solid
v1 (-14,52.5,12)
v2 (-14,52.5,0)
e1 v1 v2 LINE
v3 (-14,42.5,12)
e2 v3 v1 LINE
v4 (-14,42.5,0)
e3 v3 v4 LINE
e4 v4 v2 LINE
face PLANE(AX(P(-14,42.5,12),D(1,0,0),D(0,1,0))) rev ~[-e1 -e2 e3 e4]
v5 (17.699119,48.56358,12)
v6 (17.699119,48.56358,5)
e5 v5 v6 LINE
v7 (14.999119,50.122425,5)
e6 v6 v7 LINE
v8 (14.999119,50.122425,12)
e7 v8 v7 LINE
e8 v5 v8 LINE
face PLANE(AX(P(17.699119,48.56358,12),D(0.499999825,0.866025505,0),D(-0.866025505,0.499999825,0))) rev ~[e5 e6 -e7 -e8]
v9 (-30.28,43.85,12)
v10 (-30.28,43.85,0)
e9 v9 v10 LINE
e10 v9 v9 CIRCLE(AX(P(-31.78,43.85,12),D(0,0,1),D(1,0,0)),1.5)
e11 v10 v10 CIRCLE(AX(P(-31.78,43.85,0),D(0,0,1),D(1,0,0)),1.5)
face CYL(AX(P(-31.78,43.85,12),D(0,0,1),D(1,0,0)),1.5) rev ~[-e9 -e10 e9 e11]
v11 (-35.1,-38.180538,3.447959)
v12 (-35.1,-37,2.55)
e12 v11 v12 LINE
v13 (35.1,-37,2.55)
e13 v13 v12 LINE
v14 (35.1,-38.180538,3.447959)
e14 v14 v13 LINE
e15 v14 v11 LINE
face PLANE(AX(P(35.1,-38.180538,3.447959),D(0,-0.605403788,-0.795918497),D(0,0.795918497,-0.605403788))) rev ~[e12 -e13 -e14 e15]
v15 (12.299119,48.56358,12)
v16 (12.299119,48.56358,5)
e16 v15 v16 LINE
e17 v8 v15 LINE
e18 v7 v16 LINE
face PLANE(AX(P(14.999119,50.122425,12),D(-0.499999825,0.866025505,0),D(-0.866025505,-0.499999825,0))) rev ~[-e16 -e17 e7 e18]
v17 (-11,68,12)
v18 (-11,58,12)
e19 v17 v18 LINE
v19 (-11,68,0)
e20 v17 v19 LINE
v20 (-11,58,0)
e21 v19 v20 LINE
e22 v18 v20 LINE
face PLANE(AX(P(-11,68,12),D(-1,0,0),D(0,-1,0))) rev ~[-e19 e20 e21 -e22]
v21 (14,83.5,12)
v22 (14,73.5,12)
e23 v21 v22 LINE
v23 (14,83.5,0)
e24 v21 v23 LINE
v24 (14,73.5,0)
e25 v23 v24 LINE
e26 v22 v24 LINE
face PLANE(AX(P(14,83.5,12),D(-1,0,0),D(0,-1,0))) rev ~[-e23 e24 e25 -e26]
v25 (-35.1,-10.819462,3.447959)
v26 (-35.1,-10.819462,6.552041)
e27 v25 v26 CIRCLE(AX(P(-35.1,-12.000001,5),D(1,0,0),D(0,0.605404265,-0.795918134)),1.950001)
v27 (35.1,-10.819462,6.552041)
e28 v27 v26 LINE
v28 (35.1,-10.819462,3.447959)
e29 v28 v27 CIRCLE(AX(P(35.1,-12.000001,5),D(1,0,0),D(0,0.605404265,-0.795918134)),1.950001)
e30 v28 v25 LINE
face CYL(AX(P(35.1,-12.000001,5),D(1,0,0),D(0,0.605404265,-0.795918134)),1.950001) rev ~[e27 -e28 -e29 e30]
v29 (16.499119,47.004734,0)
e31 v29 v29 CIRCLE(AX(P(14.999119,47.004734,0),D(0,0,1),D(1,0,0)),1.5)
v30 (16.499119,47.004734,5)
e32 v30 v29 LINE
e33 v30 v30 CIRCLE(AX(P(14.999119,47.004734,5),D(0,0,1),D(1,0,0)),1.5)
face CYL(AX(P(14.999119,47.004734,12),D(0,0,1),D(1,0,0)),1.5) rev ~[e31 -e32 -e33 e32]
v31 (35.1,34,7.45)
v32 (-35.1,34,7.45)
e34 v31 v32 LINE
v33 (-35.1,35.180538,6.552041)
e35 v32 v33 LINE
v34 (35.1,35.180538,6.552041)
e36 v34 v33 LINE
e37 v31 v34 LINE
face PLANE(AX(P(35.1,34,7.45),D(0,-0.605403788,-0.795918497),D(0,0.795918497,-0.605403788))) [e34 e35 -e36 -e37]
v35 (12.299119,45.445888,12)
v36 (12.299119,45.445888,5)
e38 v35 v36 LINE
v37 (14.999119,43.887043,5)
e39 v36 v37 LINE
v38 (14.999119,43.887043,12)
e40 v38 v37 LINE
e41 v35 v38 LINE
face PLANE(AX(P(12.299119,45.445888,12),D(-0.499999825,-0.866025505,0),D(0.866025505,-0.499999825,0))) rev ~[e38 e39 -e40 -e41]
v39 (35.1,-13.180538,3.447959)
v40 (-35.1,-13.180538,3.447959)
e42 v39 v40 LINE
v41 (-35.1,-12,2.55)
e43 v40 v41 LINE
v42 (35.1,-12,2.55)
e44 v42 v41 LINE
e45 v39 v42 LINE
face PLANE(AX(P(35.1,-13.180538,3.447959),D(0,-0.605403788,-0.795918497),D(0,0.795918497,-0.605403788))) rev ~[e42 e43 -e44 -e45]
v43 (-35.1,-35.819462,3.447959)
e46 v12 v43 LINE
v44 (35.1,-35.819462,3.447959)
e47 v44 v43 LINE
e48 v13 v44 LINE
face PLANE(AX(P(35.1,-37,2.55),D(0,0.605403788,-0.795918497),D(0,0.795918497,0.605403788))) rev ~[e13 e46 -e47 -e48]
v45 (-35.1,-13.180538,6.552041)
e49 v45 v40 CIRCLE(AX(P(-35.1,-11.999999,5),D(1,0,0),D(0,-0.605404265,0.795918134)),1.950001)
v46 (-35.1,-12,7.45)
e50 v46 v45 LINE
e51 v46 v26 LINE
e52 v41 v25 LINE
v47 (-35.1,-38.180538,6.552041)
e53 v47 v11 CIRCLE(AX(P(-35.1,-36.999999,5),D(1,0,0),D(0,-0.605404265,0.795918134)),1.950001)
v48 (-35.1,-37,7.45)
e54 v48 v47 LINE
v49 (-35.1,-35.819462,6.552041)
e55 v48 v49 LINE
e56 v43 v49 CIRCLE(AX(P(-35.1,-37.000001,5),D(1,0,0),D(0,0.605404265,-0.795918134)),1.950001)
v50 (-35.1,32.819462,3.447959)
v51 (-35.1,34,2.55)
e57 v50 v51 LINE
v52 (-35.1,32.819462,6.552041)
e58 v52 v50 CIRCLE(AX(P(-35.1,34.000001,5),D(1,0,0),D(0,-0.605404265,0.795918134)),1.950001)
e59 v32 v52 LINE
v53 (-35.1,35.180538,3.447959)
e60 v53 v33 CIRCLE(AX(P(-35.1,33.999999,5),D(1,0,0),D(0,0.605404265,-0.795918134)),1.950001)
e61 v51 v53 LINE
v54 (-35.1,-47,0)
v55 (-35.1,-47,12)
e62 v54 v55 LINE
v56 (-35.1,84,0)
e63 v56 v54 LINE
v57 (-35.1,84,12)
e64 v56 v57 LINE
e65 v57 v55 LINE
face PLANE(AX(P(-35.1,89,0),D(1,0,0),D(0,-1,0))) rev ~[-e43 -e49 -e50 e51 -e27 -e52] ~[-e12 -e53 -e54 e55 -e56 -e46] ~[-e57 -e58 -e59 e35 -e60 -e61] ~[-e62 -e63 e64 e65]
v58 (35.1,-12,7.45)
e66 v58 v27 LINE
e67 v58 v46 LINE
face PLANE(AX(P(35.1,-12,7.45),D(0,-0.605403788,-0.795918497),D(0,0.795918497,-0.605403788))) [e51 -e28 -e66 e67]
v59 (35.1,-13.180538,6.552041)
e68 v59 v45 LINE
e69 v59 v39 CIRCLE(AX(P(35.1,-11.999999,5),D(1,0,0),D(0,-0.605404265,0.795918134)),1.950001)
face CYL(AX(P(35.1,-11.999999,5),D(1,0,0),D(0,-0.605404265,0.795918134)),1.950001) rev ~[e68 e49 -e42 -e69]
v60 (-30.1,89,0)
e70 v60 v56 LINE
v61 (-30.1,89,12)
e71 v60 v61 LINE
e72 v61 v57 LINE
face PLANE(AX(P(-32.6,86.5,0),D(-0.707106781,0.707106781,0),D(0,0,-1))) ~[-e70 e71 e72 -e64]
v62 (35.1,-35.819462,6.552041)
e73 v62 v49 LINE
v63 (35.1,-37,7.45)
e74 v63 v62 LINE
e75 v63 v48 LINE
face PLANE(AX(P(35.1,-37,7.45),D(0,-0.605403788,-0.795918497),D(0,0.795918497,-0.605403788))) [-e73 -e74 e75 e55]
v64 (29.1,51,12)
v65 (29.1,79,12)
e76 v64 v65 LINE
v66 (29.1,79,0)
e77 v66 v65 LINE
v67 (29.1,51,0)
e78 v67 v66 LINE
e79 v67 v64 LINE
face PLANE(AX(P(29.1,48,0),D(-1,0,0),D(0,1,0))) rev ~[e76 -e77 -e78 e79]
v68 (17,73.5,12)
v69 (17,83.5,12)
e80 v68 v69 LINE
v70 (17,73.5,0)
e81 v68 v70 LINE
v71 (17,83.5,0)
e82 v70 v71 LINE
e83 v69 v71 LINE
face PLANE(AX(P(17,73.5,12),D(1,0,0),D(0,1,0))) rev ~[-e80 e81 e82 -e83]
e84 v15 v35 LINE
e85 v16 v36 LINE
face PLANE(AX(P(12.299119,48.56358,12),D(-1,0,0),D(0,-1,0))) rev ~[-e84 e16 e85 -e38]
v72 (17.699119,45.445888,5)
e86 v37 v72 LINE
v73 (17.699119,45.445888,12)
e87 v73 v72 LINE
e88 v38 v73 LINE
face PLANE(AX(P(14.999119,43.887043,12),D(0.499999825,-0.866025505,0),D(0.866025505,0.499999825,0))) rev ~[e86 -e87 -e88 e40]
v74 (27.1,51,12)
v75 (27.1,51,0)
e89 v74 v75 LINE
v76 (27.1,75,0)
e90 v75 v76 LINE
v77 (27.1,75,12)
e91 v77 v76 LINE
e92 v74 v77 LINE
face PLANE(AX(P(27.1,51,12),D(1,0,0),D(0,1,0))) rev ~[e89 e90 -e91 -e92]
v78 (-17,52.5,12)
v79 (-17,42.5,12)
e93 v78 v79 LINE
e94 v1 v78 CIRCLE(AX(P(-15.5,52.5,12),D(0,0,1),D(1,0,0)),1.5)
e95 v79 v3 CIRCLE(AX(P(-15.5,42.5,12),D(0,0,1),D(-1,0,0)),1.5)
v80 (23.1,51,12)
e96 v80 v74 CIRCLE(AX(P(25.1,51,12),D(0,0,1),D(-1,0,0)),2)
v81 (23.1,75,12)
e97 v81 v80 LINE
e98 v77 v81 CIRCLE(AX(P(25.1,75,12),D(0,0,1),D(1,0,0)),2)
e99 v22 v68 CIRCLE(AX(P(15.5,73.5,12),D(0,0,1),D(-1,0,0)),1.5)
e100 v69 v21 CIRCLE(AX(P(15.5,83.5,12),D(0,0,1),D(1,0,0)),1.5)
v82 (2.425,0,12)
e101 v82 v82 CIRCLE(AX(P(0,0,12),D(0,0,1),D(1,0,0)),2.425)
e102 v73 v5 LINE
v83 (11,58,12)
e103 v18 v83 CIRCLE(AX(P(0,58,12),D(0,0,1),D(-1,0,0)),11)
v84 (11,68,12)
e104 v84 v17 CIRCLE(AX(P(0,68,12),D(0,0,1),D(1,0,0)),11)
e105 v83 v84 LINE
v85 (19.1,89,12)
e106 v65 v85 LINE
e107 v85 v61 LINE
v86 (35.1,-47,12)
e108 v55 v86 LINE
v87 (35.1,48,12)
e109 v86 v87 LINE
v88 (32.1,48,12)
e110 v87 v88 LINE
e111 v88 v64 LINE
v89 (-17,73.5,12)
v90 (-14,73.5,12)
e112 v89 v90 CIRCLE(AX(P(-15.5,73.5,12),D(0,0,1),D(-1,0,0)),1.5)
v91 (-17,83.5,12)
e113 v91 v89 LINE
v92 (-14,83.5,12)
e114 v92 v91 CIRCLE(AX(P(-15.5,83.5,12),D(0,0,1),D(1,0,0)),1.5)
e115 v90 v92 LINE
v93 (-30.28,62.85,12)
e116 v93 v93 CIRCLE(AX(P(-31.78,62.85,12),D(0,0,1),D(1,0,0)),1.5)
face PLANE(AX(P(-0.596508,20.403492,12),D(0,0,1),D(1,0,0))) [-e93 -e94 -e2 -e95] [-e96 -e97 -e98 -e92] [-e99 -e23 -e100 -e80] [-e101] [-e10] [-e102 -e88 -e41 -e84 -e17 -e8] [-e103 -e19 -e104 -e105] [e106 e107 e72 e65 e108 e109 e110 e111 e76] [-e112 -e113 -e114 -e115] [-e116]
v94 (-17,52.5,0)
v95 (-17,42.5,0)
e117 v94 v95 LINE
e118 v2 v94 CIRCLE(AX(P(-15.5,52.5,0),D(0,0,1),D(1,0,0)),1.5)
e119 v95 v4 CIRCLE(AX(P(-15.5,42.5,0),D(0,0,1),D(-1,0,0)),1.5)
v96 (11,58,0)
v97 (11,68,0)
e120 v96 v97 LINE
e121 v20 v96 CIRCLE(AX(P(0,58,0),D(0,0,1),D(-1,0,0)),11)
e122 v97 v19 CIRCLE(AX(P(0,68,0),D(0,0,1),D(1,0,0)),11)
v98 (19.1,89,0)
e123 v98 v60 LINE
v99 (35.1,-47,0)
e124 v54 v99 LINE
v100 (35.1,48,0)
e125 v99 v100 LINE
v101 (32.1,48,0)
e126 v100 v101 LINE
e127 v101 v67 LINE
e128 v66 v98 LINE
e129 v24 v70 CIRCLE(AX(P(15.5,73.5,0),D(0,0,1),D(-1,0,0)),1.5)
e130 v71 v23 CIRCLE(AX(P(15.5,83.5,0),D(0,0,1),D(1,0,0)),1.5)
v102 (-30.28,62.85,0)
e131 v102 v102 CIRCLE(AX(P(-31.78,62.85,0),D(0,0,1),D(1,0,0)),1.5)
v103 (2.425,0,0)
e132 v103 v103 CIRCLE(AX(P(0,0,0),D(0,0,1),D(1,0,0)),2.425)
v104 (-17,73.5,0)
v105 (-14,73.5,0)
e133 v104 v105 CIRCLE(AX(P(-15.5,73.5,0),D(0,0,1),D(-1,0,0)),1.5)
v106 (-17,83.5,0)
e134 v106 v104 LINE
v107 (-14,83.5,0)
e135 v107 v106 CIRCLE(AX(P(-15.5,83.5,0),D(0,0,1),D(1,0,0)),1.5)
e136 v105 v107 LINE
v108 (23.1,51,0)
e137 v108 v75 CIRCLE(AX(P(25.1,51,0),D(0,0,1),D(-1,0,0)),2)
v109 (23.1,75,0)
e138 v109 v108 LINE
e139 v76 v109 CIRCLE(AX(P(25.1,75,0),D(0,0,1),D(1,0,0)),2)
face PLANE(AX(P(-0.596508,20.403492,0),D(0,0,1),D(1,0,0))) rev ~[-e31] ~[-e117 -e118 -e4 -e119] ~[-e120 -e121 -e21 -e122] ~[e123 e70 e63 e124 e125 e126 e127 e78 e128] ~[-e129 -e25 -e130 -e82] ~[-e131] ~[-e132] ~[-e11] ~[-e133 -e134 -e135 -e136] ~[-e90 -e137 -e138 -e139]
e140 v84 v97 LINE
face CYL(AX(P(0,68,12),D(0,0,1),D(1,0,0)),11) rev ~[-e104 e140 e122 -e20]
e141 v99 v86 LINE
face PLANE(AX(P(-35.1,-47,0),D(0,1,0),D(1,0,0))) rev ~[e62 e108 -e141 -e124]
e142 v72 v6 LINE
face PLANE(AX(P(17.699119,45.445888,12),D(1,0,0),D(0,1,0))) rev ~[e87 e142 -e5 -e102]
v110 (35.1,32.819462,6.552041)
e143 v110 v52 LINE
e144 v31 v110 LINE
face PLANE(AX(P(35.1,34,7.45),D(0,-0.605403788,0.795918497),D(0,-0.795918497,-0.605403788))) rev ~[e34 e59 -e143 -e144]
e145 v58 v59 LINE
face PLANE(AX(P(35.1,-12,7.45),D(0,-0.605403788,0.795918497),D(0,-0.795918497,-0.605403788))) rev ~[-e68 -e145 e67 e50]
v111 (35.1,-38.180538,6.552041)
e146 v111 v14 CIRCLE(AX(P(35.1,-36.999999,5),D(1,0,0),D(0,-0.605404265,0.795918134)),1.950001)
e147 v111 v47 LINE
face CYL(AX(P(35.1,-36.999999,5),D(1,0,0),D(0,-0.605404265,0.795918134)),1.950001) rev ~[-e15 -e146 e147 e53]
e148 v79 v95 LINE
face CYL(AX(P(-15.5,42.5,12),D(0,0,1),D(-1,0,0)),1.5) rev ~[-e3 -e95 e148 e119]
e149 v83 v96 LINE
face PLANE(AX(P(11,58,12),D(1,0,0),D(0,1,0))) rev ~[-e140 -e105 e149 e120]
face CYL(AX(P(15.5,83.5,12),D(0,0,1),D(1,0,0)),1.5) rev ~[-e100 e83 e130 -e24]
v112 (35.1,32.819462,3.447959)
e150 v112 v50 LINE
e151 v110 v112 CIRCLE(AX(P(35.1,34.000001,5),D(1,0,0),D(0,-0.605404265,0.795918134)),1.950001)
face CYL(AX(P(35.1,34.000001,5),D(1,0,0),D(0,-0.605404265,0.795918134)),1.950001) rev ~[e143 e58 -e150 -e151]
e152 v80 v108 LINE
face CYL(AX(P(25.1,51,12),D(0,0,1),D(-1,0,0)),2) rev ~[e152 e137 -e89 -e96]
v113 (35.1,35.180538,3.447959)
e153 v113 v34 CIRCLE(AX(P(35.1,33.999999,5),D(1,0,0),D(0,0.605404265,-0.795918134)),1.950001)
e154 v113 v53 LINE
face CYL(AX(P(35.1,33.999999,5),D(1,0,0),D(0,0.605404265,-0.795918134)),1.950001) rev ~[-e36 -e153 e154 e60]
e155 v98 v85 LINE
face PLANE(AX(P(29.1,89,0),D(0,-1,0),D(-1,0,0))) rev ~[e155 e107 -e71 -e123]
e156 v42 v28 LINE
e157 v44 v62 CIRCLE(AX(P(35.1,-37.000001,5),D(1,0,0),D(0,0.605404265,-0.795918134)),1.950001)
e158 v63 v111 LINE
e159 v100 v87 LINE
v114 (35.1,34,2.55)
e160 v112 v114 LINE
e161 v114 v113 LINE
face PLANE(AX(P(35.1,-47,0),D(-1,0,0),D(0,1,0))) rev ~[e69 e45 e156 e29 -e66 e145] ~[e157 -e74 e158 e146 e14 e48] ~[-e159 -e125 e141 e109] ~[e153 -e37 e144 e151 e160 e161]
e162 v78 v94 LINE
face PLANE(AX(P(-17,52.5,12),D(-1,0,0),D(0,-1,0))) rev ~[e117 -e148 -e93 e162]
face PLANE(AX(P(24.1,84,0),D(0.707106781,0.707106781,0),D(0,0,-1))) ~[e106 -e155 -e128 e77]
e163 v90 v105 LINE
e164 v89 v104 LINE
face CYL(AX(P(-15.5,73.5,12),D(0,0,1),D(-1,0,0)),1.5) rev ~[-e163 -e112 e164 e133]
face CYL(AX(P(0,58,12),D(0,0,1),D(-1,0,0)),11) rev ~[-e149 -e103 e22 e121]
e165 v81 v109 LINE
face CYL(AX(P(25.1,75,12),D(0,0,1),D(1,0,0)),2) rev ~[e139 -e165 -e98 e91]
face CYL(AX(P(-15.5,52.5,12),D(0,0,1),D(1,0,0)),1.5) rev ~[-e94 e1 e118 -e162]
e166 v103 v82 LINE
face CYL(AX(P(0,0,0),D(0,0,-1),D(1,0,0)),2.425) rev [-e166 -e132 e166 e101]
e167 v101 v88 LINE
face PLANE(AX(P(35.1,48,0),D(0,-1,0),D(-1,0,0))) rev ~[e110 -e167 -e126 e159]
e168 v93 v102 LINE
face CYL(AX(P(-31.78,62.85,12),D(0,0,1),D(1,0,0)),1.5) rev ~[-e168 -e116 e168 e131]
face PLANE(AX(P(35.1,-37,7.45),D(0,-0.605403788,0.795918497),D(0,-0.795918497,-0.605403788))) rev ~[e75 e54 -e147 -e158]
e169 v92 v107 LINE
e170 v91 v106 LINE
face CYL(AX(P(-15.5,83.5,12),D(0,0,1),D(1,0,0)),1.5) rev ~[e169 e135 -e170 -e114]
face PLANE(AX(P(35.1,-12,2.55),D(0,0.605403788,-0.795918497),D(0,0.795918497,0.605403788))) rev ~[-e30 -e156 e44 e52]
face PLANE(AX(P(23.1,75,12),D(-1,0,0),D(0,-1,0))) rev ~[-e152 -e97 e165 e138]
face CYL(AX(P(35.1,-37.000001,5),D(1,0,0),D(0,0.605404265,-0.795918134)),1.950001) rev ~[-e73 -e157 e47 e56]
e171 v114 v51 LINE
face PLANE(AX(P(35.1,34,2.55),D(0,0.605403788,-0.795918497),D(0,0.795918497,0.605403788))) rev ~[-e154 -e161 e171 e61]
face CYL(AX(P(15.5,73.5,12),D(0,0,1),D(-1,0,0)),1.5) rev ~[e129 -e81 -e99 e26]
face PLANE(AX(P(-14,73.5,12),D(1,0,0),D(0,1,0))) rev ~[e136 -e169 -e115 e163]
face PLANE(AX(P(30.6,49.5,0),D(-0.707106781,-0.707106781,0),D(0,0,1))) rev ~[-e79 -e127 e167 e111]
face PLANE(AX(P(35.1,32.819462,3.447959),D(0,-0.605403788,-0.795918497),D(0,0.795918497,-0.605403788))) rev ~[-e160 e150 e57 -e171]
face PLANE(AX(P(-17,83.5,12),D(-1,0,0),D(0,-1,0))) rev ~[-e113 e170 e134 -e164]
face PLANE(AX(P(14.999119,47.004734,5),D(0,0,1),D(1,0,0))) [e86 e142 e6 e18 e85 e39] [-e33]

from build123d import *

# Parameters (mm, degrees)
SKETCH_R               = 2.425
PAD_DEPTH              = 12
POCKET_DEPTH           = 20
POCKET001_DEPTH        = 20
SKETCH003_R            = 1.5
POCKET002_DEPTH        = 20
SKETCH004_R            = 1.5
POCKET003_DEPTH        = 20
POCKET004_DEPTH        = 7
POCKET005_DEPTH        = 100
LINEARPATTERN_COUNT    = 2
LINEARPATTERN_PITCH    = 25
LINEARPATTERN001_COUNT = 2
LINEARPATTERN001_PITCH = 71
CHAMFER_SIZE           = 3
CHAMFER001_SIZE        = 10
CHAMFER002_SIZE        = 5


with BuildPart() as part:
    # Sketch → Pad (new body)
    with BuildSketch(Plane.XY):
        Polygon((-35.1, -47), (35.1, -47), (35.1, 48), (29.1, 48), (29.1, 89), (-35.1, 89), align=None)
        Circle(SKETCH_R, mode=Mode.SUBTRACT)
    extrude(amount=PAD_DEPTH)

    # Sketch001 (on Face9 of Pad) → Pocket (cut)
    with BuildSketch(Plane.XY.offset(12)):
        with BuildLine():
            ThreePointArc((11, 68), (0, 79), (-11, 68))
            Line((-11, 68), (-11, 58))
            ThreePointArc((-11, 58), (0, 47), (11, 58))
            Line((11, 58), (11, 68))
        make_face()
        with BuildLine():
            ThreePointArc((-14, 83.5), (-15.5, 85), (-17, 83.5))
            Line((-17, 83.5), (-17, 73.5))
            ThreePointArc((-17, 73.5), (-15.5, 72), (-14, 73.5))
            Line((-14, 73.5), (-14, 83.5))
        make_face()
        with BuildLine():
            ThreePointArc((-14, 52.5), (-15.5, 54), (-17, 52.5))
            Line((-17, 52.5), (-17, 42.5))
            ThreePointArc((-17, 42.5), (-15.5, 41), (-14, 42.5))
            Line((-14, 42.5), (-14, 52.5))
        make_face()
        with BuildLine():
            ThreePointArc((17, 83.5), (15.5, 85), (14, 83.5))
            Line((14, 83.5), (14, 73.5))
            ThreePointArc((14, 73.5), (15.5, 72), (17, 73.5))
            Line((17, 73.5), (17, 83.5))
        make_face()
    extrude(amount=-POCKET_DEPTH, mode=Mode.SUBTRACT)

    # Sketch002 (on Face5 of Pocket) → Pocket001 (cut)
    with BuildSketch(Plane.XY.offset(12)):
        with BuildLine():
            ThreePointArc((27.1, 75), (25.1, 77), (23.1, 75))
            Line((23.1, 75), (23.1, 51))
            ThreePointArc((23.1, 51), (25.1, 49), (27.1, 51))
            Line((27.1, 51), (27.1, 75))
        make_face()
    extrude(amount=-POCKET001_DEPTH, mode=Mode.SUBTRACT)

    # Sketch003 (on Face5 of Pocket001) → Pocket002 (cut)
    with BuildSketch(Plane.XY.offset(12)):
        with Locations((-31.78, 62.85)):
            Circle(SKETCH003_R)
        with Locations((-31.78, 43.85)):
            Circle(SKETCH003_R)
    extrude(amount=-POCKET002_DEPTH, mode=Mode.SUBTRACT)

    # Sketch004 (on Face5 of Pocket002) → Pocket003 (cut)
    with BuildSketch(Plane.XY.offset(12)):
        with Locations((14.999119, 47.004734)):
            Circle(SKETCH004_R)
    extrude(amount=-POCKET003_DEPTH, mode=Mode.SUBTRACT)

    # Sketch005 (on Face5 of Pocket003) → Pocket004 (cut)
    with BuildSketch(Plane.XY.offset(12)):
        Polygon((14.999119, 43.887043), (17.699119, 45.445888), (17.699119, 48.56358), (14.999119, 50.122425), (12.299119, 48.56358), (12.299119, 45.445888), align=None)
    extrude(amount=-POCKET004_DEPTH, mode=Mode.SUBTRACT)

    # Sketch006 (on Face3 of Pocket004) → Pocket005 (cut)
    with BuildSketch(Plane.YZ.offset(35.1)):
        with BuildLine():
            ThreePointArc((-38.180538, 6.552041), (-38.95, 5), (-38.180538, 3.447959))
            Line((-38.180538, 3.447959), (-37, 2.55))
            Line((-37, 2.55), (-35.819462, 3.447959))
            ThreePointArc((-35.819462, 3.447959), (-35.05, 5), (-35.819462, 6.552041))
            Line((-37, 7.45), (-35.819462, 6.552041))
            Line((-37, 7.45), (-38.180538, 6.552041))
        make_face()
    pocket005 = extrude(amount=-POCKET005_DEPTH, mode=Mode.SUBTRACT)

    # LinearPattern: Pocket005 ×2
    with Locations(*[(0, i * LINEARPATTERN_PITCH, 0) for i in range(1, LINEARPATTERN_COUNT)]):
        add(pocket005, mode=Mode.SUBTRACT)

    # LinearPattern001: Pocket005 ×2
    with Locations(*[(0, i * LINEARPATTERN001_PITCH, 0) for i in range(1, LINEARPATTERN001_COUNT)]):
        add(pocket005, mode=Mode.SUBTRACT)

    # Chamfer
    chamfer_edges = [part.edges().sort_by_distance(p)[0] for p in [
        (29.1, 48, 6),
    ]]
    chamfer(chamfer_edges, length=CHAMFER_SIZE)

    # Chamfer001
    chamfer001_edges = [part.edges().sort_by_distance(p)[0] for p in [
        (29.1, 89, 6),
    ]]
    chamfer(chamfer001_edges, length=CHAMFER001_SIZE)

    # Chamfer002
    chamfer002_edges = [part.edges().sort_by_distance(p)[0] for p in [
        (-35.1, 89, 6),
    ]]
    chamfer(chamfer002_edges, length=CHAMFER002_SIZE)


solid = part.part
